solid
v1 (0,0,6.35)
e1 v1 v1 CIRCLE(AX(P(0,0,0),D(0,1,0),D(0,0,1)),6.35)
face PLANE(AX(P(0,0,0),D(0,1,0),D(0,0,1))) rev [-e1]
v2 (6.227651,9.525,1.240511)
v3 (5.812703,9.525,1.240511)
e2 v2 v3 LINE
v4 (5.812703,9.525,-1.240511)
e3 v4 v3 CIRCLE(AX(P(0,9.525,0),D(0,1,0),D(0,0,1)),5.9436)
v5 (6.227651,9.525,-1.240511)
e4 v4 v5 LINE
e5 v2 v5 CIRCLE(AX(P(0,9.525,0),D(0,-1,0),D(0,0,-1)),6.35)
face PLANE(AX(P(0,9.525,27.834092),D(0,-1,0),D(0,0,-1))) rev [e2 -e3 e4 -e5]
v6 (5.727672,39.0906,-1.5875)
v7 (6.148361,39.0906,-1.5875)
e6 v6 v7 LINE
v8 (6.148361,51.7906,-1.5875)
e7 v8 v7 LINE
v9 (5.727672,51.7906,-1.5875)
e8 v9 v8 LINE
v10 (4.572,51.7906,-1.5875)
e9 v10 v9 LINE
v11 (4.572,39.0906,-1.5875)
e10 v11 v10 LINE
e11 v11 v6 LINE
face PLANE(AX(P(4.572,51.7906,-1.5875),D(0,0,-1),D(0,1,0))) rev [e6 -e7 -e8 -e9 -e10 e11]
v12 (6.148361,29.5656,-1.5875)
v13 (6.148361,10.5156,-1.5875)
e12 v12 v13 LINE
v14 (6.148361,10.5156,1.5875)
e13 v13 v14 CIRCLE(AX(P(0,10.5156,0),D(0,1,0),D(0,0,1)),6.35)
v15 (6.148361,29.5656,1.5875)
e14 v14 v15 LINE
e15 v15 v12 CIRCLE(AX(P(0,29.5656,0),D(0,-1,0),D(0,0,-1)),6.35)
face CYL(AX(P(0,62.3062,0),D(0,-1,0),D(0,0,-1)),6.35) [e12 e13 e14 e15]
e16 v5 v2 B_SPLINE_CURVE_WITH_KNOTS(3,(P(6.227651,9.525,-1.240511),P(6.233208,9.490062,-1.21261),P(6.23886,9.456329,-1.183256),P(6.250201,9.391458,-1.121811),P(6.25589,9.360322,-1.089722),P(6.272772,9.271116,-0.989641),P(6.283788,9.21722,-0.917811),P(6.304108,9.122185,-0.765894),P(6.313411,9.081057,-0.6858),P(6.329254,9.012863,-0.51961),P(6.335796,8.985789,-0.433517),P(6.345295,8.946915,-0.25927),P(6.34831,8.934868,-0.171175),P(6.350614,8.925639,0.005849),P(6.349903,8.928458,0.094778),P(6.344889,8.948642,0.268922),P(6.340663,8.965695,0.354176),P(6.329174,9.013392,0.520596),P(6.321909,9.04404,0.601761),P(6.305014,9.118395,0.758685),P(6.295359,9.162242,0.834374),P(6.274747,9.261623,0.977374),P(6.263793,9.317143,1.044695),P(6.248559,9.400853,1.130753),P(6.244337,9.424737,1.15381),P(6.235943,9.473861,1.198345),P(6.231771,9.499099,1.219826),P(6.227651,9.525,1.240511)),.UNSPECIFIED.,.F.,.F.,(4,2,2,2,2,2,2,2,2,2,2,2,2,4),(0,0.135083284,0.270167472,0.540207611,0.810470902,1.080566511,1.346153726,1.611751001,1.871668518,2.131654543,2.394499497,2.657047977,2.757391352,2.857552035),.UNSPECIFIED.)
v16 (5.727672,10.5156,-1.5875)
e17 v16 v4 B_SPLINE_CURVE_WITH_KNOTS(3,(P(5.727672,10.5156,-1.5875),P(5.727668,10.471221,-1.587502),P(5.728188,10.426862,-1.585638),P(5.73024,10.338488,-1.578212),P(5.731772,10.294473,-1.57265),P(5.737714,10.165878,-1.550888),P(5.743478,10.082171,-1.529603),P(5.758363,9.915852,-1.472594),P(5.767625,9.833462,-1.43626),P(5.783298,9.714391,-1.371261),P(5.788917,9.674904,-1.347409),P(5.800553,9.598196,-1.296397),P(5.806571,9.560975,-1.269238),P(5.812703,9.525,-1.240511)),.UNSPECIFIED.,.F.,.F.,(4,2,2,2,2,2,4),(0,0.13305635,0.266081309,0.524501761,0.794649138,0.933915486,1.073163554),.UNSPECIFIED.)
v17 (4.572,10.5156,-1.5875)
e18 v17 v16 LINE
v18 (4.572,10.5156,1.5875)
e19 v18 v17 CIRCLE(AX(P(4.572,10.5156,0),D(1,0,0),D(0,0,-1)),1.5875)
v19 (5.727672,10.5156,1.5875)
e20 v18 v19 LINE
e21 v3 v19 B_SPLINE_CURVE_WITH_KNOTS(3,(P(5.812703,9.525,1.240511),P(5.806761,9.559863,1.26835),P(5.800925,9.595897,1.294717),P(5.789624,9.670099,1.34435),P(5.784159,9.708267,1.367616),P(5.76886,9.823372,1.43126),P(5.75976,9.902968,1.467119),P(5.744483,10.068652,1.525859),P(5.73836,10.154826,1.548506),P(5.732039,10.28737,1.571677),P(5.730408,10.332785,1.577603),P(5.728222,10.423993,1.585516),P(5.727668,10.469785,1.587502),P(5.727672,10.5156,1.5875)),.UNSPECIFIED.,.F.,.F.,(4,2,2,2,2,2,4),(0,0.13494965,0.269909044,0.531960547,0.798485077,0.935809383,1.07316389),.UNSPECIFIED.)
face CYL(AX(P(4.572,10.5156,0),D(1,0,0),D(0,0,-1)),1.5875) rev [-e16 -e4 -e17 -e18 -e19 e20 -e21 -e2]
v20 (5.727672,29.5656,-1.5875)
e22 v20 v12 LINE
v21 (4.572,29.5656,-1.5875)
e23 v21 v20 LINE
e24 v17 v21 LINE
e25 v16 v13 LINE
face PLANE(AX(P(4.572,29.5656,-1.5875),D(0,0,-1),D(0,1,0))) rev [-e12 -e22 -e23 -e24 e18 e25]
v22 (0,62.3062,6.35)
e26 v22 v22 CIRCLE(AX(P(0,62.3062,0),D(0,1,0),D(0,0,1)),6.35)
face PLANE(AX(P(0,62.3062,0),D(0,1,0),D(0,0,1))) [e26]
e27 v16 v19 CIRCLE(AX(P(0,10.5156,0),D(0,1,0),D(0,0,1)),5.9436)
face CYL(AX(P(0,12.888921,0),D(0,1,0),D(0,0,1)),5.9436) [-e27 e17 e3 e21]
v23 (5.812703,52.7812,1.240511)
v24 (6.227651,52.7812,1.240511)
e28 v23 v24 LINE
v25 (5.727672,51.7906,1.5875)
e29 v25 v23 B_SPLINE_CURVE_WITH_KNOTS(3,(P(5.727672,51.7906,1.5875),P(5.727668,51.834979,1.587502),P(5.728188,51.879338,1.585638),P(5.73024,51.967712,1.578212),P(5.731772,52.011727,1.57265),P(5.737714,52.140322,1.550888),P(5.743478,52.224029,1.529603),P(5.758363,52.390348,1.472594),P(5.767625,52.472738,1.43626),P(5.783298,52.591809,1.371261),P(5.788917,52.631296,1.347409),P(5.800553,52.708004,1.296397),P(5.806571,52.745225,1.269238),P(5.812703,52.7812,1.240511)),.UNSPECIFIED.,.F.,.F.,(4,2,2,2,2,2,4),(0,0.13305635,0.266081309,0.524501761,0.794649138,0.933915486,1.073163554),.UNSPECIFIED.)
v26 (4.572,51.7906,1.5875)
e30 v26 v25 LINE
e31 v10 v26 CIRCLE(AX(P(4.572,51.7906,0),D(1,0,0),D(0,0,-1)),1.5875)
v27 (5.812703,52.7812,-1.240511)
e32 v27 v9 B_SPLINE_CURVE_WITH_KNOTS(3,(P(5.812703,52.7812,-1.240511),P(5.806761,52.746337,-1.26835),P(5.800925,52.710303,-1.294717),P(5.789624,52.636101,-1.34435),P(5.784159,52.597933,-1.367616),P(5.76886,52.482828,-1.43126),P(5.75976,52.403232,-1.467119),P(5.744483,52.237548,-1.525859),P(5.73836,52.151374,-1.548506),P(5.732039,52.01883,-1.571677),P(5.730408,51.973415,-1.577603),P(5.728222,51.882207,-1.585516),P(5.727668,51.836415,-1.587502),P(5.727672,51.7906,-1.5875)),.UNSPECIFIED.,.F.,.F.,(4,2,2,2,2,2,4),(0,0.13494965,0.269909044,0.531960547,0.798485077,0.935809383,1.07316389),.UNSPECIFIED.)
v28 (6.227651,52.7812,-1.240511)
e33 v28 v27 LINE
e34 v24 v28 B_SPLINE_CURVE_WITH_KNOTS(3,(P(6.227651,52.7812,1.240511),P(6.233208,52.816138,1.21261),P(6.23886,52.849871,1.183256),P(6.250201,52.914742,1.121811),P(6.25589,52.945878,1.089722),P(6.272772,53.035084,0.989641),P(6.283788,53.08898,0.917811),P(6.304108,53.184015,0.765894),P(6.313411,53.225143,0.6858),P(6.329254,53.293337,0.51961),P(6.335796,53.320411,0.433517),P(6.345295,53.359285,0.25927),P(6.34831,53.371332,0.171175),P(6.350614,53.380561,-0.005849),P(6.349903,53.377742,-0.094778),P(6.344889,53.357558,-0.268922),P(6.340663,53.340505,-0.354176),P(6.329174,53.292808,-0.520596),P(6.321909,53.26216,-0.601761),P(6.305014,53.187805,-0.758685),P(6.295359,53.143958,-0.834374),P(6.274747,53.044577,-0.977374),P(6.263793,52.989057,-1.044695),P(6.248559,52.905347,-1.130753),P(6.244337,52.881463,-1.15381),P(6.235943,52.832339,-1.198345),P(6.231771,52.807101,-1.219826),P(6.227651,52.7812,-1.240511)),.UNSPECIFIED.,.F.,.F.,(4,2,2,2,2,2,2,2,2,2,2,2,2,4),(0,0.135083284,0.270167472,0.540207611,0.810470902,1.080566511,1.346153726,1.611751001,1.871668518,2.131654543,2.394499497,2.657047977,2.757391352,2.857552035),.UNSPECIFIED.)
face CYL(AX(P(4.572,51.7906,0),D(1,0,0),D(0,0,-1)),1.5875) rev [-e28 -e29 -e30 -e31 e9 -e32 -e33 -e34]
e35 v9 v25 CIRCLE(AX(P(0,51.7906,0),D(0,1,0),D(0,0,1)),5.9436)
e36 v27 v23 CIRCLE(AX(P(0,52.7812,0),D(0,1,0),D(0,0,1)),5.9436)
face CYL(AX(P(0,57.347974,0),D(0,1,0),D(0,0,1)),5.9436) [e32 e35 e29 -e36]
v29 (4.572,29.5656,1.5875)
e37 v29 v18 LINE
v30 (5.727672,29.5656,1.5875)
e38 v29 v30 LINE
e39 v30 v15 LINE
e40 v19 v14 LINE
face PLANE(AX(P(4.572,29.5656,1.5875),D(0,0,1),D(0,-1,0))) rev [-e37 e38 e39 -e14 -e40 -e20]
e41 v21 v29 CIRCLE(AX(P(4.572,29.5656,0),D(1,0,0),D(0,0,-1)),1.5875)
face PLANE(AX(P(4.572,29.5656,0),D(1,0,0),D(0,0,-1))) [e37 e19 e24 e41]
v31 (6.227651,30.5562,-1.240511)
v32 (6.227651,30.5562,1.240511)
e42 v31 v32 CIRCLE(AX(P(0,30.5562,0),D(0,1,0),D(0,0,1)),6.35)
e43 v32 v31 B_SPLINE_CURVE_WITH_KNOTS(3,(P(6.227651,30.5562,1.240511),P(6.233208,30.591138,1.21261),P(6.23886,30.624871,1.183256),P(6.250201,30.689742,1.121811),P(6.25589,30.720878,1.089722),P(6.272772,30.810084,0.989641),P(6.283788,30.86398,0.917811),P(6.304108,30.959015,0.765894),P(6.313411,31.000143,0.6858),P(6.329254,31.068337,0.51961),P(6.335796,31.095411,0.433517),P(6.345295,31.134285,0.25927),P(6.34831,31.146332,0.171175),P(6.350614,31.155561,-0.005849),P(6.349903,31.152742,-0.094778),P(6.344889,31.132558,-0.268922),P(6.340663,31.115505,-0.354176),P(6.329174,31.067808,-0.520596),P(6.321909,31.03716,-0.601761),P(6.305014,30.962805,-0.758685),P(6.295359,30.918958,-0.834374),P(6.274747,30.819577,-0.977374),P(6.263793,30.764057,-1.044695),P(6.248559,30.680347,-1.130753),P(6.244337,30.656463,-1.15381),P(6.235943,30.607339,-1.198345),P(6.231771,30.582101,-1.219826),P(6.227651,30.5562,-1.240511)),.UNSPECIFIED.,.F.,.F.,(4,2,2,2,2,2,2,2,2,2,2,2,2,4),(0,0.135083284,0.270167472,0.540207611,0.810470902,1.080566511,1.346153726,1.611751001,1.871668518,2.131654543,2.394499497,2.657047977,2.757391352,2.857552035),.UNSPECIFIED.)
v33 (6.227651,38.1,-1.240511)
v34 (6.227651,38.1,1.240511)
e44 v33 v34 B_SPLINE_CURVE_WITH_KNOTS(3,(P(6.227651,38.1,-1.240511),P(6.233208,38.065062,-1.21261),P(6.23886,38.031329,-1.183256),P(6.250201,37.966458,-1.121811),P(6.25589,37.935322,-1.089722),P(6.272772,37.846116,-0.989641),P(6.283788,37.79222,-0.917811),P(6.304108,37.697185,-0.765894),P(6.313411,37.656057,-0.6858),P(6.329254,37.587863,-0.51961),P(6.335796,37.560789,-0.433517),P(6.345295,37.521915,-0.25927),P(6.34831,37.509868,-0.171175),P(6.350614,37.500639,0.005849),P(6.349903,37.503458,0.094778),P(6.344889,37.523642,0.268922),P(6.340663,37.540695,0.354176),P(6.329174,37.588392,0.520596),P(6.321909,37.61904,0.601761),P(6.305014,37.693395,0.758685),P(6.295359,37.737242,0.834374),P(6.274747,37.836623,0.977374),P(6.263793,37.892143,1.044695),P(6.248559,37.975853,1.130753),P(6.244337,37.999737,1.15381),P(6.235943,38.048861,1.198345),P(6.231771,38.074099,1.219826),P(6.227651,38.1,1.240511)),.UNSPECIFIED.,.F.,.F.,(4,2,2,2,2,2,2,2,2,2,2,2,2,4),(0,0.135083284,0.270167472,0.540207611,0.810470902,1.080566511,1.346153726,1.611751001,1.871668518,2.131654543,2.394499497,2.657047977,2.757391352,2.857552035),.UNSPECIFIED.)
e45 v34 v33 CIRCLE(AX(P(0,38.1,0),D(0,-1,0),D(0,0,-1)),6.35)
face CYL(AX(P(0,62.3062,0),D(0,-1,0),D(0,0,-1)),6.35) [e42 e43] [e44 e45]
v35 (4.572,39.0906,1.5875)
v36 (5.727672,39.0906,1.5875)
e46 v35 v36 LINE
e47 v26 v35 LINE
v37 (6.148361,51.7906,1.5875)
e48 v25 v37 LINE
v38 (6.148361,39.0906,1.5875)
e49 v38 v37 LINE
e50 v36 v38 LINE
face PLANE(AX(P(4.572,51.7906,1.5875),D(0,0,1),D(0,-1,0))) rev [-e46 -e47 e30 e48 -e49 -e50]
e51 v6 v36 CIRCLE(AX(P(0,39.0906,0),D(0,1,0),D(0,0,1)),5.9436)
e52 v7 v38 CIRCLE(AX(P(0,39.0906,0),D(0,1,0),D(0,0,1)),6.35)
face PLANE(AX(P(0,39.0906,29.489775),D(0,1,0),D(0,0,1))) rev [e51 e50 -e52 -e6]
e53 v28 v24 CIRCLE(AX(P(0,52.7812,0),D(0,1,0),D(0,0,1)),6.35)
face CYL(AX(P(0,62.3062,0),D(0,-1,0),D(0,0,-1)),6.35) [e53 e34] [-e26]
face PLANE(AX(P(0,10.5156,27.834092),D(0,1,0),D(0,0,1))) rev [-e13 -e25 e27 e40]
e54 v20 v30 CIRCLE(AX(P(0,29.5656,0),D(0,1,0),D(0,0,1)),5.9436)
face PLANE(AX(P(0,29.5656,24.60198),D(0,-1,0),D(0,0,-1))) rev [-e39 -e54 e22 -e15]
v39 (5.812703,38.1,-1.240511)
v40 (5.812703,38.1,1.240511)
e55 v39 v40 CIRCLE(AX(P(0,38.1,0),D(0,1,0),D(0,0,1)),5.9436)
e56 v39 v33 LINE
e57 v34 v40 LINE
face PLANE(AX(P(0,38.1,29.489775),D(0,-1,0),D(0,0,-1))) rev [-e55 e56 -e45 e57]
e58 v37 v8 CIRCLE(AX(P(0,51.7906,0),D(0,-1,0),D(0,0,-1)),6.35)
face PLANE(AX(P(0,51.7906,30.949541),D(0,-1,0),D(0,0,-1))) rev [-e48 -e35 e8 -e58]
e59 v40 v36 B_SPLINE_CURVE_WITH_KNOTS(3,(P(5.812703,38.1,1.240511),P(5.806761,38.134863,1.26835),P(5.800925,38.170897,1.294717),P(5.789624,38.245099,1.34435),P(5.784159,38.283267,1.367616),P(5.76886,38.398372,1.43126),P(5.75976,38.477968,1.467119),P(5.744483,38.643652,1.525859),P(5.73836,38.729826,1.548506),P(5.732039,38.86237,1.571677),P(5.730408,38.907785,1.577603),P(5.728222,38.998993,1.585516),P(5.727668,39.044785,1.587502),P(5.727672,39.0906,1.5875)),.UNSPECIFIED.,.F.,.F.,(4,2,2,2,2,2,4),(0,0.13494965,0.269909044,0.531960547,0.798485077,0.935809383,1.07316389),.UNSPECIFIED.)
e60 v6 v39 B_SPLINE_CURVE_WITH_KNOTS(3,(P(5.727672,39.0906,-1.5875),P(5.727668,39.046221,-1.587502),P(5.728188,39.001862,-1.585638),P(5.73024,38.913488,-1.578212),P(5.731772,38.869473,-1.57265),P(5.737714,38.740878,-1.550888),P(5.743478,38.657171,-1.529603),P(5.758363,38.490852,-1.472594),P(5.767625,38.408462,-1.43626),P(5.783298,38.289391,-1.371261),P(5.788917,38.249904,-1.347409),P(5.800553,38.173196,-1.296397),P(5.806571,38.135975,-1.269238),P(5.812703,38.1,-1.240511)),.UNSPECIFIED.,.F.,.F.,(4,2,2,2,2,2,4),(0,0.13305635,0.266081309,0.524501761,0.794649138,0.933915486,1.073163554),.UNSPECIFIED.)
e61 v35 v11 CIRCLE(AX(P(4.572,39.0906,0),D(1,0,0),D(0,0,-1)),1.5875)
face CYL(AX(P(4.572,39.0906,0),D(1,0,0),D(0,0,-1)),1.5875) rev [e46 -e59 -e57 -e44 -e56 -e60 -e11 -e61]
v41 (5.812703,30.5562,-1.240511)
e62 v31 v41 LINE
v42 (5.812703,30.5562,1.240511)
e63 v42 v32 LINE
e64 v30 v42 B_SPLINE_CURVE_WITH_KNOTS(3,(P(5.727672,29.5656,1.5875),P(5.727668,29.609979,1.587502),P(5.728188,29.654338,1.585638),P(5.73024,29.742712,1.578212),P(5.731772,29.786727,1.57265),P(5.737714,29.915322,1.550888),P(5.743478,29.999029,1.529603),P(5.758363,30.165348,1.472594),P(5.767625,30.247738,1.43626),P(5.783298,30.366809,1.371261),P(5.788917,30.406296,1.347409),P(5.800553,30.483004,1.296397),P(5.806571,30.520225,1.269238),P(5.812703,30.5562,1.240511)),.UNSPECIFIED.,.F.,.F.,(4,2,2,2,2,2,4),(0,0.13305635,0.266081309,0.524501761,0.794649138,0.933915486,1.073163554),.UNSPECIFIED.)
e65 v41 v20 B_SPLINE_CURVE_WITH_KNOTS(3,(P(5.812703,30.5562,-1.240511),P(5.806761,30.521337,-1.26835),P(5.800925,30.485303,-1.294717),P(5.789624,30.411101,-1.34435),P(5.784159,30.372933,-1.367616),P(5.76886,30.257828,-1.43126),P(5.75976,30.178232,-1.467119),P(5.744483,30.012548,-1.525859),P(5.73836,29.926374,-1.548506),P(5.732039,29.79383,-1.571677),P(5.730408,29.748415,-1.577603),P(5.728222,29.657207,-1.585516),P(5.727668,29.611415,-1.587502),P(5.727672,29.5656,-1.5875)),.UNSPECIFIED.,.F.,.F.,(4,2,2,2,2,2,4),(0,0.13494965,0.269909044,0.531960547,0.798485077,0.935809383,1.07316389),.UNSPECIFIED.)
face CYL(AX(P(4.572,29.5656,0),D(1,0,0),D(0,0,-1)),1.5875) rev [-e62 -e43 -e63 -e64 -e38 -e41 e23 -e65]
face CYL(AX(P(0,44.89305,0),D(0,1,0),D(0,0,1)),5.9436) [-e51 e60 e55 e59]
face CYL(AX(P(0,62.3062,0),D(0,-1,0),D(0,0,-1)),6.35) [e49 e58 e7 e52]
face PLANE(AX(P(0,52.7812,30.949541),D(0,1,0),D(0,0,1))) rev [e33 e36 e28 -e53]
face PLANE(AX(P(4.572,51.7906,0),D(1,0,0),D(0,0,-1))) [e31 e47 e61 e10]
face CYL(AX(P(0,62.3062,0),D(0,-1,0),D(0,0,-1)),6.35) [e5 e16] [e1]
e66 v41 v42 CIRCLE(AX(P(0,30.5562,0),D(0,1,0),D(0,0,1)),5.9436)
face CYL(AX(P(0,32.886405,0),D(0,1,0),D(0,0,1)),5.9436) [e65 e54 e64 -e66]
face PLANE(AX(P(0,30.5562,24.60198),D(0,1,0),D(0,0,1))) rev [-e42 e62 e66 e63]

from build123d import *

# Parameters (mm, degrees)
SKETCH1_R           = 6.35
BOSS_EXTRUDE1_DEPTH = 62.3062
SKETCH2_W           = 25.005940549
SKETCH2_H           = 0.9906
SKETCH3_W           = 23.546175461
SKETCH3_H           = 0.9906
SKETCH4_W           = 18.658380353
SKETCH4_H           = 0.9906
SKETCH5_W           = 21.890491914
SKETCH5_H           = 0.9906
CUT_EXTRUDE1_DEPTH  = 1.778
CUT_EXTRUDE2_DEPTH  = 1.778


with BuildPart() as part:
    # Sketch1 → Boss-Extrude1 (new body)
    with BuildSketch(Plane(origin=(0, 0, 0), x_dir=(1, 0, 0), z_dir=(0, 1, 0))):
        Circle(SKETCH1_R)
    extrude(amount=BOSS_EXTRUDE1_DEPTH)

    # Sketch2 → Cut-Revolve1 (revolve, cut)
    with BuildSketch(Plane(origin=(0, 0, 0), x_dir=(0, 0, -1), z_dir=(1, 0, 0))):
        with Locations((-18.446570275, 52.2859)):
            Rectangle(SKETCH2_W, SKETCH2_H)
    revolve(axis=Axis((0, 57.347973558, 0), (0, -1, 0)), mode=Mode.SUBTRACT)

    # Sketch3 → Cut-Revolve2 (revolve, cut)
    with BuildSketch(Plane(origin=(0, 0, 0), x_dir=(0, 0, -1), z_dir=(1, 0, 0))):
        with Locations((-17.71668773, 38.5953)):
            Rectangle(SKETCH3_W, SKETCH3_H)
    revolve(axis=Axis((0, 44.893049612, 0), (0, -1, 0)), mode=Mode.SUBTRACT)

    # Sketch4 → Cut-Revolve3 (revolve, cut)
    with BuildSketch(Plane(origin=(0, 0, 0), x_dir=(0, 0, -1), z_dir=(1, 0, 0))):
        with Locations((-15.272790177, 30.0609)):
            Rectangle(SKETCH4_W, SKETCH4_H)
    revolve(axis=Axis((0, 32.886405358, 0), (0, -1, 0)), mode=Mode.SUBTRACT)

    # Sketch5 → Cut-Revolve4 (revolve, cut)
    with BuildSketch(Plane(origin=(0, 0, 0), x_dir=(0, 0, -1), z_dir=(1, 0, 0))):
        with Locations((-16.888845957, 10.0203)):
            Rectangle(SKETCH5_W, SKETCH5_H)
    revolve(axis=Axis((0, 12.888921404, 0), (0, -1, 0)), mode=Mode.SUBTRACT)

    # Sketch6 → Cut-Extrude1 (cut)
    with BuildSketch(Plane(origin=(6.35, 0, 0), x_dir=(0, 0, -1), z_dir=(1, 0, 0))):
        with BuildLine():
            Line((1.5875, 51.7906), (1.5875, 39.0906))
            ThreePointArc((1.5875, 39.0906), (0, 37.5031), (-1.5875, 39.0906))
            Line((-1.5875, 39.0906), (-1.5875, 51.7906))
            ThreePointArc((-1.5875, 51.7906), (0, 53.3781), (1.5875, 51.7906))
        make_face()
    extrude(amount=-CUT_EXTRUDE1_DEPTH, mode=Mode.SUBTRACT)

    # Sketch7 → Cut-Extrude2 (cut)
    with BuildSketch(Plane(origin=(6.35, 0, 0), x_dir=(0, 0, -1), z_dir=(1, 0, 0))):
        with BuildLine():
            Line((1.5875, 29.5656), (1.5875, 10.5156))
            ThreePointArc((1.5875, 10.5156), (0, 8.9281), (-1.5875, 10.5156))
            Line((-1.5875, 10.5156), (-1.5875, 29.5656))
            ThreePointArc((-1.5875, 29.5656), (0, 31.1531), (1.5875, 29.5656))
        make_face()
    extrude(amount=-CUT_EXTRUDE2_DEPTH, mode=Mode.SUBTRACT)


solid = part.part
